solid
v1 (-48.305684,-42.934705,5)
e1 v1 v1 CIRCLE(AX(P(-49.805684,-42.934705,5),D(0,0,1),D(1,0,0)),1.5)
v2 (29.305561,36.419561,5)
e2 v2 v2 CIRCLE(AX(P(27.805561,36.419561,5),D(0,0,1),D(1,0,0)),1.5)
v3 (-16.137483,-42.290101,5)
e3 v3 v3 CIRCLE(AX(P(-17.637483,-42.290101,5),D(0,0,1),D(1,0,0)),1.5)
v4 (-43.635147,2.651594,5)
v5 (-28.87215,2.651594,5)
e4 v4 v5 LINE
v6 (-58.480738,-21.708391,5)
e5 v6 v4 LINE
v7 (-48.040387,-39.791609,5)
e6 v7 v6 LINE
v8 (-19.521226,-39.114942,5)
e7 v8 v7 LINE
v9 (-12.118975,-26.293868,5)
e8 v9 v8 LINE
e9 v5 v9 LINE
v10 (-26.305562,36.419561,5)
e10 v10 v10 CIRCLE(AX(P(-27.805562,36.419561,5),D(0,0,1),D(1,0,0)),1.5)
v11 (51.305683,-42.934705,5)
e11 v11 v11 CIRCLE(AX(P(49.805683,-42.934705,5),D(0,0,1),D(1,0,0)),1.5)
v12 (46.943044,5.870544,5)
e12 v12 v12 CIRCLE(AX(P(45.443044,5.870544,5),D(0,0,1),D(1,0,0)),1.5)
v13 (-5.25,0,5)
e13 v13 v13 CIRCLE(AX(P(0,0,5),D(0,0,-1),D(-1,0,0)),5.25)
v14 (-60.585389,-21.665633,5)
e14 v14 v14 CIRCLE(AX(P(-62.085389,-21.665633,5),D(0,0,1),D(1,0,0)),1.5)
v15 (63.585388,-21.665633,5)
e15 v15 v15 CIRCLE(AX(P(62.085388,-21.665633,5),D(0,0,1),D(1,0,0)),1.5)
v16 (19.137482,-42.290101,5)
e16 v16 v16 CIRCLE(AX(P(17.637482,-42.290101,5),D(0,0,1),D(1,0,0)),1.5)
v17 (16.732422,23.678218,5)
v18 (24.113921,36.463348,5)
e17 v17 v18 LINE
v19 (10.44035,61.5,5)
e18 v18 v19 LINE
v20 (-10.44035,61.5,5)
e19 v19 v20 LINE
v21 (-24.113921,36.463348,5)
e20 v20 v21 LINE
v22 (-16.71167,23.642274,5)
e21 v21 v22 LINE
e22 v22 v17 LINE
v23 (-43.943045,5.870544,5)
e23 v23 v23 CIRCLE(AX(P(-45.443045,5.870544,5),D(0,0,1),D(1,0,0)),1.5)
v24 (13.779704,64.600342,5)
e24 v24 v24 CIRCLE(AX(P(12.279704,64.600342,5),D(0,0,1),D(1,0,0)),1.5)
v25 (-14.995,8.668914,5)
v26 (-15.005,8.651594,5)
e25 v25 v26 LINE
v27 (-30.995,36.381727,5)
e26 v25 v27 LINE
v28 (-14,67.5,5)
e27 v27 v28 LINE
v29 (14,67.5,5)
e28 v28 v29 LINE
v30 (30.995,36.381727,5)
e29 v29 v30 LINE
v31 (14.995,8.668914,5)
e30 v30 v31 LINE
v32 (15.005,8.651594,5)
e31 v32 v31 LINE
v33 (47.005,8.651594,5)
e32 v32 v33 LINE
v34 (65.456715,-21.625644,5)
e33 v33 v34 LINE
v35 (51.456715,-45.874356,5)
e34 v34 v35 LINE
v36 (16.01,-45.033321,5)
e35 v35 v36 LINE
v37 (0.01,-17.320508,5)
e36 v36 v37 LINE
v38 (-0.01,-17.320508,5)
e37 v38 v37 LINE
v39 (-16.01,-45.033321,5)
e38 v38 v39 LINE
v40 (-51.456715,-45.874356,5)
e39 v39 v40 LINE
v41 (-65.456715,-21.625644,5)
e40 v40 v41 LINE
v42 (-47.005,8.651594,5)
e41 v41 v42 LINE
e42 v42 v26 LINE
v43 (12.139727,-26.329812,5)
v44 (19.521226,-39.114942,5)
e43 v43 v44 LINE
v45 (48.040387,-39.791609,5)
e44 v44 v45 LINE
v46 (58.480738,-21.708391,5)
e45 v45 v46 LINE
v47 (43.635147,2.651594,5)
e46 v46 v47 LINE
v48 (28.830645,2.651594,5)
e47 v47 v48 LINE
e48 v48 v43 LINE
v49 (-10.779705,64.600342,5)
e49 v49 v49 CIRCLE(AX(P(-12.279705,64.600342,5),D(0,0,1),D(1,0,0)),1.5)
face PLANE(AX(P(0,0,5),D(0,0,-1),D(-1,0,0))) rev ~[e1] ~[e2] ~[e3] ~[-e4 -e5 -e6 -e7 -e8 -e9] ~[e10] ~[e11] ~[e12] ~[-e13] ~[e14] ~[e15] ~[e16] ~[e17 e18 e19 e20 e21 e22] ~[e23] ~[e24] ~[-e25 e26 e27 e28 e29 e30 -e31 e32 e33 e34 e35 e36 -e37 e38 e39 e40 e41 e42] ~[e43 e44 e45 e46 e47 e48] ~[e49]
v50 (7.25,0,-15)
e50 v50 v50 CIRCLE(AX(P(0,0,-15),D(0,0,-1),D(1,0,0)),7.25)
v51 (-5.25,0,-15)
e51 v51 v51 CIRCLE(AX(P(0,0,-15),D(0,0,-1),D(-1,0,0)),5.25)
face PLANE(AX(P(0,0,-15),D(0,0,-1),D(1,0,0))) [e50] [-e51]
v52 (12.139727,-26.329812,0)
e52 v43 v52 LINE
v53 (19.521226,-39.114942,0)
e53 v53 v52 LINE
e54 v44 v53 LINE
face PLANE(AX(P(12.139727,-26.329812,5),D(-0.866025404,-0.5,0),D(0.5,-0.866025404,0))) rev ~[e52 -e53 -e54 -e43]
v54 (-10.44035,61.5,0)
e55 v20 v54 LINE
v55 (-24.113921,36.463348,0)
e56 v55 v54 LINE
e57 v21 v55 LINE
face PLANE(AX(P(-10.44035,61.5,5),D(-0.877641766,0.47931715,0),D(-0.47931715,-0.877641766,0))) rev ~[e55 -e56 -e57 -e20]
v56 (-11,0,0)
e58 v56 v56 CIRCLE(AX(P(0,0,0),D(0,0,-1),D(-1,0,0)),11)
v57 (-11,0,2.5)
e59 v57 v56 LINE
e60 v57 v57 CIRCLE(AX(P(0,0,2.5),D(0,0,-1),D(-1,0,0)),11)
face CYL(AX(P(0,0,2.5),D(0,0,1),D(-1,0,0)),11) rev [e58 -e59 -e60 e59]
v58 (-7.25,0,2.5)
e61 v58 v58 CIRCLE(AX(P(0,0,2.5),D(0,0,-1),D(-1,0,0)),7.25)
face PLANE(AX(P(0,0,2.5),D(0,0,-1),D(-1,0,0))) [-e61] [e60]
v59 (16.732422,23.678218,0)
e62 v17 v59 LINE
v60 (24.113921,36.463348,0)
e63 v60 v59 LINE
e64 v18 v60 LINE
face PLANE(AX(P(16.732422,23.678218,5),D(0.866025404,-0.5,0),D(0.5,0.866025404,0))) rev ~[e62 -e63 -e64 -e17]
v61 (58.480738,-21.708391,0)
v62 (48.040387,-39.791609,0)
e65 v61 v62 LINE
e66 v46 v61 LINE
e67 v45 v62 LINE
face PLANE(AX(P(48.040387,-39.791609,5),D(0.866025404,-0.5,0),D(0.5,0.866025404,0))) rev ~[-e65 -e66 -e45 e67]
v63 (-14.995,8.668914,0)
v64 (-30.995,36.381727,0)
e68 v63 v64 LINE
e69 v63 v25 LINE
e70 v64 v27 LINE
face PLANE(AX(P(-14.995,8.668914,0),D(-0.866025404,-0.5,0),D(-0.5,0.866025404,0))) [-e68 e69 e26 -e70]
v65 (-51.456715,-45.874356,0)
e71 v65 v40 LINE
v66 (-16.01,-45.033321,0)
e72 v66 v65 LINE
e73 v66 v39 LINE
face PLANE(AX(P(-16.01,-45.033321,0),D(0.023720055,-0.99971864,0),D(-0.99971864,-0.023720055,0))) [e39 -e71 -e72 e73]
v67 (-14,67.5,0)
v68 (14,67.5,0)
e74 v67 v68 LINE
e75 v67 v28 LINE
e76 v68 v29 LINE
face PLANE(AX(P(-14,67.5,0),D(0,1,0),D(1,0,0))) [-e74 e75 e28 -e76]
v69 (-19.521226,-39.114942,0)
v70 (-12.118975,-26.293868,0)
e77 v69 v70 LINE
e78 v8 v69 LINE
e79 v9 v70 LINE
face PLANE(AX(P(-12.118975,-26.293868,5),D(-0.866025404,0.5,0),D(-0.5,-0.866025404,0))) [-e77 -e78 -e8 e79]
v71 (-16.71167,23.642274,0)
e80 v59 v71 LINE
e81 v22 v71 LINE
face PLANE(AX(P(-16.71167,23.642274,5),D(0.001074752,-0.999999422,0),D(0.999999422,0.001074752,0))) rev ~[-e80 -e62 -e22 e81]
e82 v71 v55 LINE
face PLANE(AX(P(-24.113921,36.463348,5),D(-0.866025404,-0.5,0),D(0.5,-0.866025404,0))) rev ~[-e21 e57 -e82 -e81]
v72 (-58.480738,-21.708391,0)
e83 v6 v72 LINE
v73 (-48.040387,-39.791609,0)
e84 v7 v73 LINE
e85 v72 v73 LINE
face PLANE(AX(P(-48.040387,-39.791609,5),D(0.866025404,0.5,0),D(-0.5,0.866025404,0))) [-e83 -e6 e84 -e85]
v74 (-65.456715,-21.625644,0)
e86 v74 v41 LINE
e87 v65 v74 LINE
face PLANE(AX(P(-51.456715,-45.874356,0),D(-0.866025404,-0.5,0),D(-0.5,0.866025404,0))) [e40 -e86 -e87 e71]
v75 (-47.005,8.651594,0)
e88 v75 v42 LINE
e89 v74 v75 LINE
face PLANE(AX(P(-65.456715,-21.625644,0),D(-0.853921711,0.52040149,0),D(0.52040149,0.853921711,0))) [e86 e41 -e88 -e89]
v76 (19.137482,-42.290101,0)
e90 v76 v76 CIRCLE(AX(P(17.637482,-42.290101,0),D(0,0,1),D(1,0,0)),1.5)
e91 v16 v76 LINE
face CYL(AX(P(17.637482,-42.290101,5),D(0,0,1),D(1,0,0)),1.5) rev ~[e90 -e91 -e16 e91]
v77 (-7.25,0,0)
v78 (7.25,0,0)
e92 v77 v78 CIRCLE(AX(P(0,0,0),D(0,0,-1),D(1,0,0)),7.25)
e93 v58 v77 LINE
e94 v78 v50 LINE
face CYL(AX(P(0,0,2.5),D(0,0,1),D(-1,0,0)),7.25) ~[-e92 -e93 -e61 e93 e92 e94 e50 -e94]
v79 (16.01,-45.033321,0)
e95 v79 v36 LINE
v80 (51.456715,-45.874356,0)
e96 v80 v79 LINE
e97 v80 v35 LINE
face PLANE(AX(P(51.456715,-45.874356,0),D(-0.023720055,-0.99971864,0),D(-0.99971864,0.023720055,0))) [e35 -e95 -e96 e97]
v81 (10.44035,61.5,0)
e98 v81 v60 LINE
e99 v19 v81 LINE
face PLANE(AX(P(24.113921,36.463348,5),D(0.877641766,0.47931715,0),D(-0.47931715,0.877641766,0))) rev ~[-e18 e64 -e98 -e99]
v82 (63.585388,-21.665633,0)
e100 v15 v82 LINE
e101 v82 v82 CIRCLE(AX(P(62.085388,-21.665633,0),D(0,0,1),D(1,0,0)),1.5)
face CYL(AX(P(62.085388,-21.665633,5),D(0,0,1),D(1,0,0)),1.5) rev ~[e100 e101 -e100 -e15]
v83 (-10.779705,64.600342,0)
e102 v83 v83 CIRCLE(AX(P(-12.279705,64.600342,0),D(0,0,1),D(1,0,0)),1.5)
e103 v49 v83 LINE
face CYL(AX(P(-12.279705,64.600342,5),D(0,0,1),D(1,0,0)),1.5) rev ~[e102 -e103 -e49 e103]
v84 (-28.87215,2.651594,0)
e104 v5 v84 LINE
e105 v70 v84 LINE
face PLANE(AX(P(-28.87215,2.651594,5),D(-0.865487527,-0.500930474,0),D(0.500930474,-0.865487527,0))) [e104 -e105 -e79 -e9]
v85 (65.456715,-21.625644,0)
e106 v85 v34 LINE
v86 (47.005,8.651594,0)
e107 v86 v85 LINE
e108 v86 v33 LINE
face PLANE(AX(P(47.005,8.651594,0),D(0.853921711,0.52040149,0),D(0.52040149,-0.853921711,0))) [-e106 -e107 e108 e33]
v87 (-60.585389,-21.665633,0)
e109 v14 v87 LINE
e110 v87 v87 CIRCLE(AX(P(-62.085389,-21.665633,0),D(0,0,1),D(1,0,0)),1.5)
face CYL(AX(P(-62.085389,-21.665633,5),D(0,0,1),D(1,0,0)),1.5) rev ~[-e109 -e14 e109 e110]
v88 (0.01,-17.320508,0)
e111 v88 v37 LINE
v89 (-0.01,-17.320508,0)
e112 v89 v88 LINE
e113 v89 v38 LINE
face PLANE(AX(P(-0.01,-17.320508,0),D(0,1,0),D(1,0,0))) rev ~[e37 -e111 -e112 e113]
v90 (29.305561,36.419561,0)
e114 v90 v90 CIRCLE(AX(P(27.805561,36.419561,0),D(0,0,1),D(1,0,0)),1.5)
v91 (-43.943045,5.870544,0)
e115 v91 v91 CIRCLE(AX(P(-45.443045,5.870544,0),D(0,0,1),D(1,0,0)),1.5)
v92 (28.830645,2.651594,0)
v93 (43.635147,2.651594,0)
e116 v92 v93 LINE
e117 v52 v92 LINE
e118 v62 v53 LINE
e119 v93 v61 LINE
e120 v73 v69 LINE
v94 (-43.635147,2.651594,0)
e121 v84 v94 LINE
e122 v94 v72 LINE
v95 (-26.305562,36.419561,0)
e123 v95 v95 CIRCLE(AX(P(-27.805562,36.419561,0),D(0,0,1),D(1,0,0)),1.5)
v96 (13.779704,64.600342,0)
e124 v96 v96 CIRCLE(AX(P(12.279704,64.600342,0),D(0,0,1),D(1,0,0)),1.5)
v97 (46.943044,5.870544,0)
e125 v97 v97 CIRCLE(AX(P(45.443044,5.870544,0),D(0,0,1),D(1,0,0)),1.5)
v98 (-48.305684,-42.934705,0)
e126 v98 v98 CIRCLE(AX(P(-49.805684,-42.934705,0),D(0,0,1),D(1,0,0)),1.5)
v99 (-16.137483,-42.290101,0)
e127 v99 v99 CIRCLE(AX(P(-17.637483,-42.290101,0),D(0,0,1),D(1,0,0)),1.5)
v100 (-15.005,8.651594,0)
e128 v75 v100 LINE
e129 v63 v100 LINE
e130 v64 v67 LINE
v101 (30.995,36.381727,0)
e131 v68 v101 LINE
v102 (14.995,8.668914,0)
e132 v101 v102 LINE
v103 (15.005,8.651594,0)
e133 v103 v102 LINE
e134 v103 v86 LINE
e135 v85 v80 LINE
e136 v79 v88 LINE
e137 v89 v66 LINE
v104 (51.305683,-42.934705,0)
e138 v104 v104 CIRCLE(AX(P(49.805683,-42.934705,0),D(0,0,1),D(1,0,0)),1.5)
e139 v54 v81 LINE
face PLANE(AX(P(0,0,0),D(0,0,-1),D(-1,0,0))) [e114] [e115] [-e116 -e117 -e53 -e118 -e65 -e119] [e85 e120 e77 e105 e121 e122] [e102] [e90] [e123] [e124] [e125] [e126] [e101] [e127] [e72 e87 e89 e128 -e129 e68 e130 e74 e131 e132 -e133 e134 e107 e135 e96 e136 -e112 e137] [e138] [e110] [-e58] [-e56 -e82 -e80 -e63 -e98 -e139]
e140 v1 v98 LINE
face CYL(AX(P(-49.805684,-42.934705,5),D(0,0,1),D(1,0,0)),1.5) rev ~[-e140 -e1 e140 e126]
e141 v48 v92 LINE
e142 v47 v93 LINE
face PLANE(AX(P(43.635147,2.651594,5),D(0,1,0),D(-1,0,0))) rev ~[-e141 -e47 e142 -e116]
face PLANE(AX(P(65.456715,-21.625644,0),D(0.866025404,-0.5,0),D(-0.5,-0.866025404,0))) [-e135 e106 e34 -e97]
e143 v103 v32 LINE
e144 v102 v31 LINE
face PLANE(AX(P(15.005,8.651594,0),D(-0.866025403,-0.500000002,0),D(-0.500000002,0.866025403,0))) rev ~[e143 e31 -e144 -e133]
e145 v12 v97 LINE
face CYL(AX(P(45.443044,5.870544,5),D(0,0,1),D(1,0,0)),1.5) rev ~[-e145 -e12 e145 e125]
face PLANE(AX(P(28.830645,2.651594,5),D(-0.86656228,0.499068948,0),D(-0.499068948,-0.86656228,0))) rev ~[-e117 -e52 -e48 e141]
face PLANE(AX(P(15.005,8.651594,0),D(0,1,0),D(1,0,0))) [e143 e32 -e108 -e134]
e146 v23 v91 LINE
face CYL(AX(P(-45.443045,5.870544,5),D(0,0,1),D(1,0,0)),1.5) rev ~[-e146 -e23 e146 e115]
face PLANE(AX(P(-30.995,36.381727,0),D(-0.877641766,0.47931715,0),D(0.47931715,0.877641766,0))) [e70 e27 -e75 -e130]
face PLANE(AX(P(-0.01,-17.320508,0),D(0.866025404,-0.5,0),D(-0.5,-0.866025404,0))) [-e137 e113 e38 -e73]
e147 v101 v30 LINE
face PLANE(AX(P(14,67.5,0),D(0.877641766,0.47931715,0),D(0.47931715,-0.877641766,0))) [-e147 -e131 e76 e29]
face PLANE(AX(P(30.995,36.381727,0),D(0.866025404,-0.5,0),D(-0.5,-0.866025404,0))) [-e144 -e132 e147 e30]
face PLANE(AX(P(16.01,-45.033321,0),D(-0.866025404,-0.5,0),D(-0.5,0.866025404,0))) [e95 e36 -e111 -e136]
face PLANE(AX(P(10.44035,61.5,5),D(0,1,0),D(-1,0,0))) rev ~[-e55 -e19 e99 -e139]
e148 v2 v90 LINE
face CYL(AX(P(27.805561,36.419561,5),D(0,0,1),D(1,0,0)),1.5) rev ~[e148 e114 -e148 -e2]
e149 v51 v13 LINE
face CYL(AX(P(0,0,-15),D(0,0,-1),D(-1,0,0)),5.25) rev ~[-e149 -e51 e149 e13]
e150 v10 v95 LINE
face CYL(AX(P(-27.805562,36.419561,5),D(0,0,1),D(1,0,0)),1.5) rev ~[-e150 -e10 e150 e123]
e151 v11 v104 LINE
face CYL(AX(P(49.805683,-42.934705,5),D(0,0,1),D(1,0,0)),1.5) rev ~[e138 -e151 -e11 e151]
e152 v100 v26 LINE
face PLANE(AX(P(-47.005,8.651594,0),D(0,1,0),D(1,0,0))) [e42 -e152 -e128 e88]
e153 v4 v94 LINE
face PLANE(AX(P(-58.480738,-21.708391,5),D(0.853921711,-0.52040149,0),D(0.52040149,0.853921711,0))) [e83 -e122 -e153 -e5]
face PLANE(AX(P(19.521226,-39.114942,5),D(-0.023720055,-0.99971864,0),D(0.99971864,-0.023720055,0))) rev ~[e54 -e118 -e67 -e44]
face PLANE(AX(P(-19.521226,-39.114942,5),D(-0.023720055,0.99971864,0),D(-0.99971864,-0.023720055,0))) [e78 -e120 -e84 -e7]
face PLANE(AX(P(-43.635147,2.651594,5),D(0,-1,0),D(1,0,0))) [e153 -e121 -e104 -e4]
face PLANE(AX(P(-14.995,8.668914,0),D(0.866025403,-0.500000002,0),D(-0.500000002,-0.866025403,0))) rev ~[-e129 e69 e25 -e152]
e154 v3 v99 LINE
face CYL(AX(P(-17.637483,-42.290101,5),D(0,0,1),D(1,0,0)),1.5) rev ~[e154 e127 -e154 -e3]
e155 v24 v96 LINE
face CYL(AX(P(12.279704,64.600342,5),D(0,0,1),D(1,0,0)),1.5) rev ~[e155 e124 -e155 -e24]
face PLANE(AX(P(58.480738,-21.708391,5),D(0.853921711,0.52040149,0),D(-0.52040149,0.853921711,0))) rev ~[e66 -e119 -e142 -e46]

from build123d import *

# Parameters (mm, degrees)
BOSS_EXTRUDE1_DEPTH = 5
CUT_EXTRUDE1_DEPTH  = 95.158544522
SKETCH6_R           = 7.25
BOSS_EXTRUDE3_DEPTH = 15
SKETCH3_R           = 5.25
CUT_EXTRUDE2_DEPTH  = 20
SKETCH5_R           = 1.5
CUT_EXTRUDE3_DEPTH  = 5
CUT_EXTRUDE4_START  = -2.5
SKETCH8_R           = 11
SKETCH8_R_2         = 7.25
CUT_EXTRUDE4_DEPTH  = 2.5


with BuildPart() as part:
    # Sketch1 → Boss-Extrude1 (new body)
    with BuildSketch(Plane.XY):
        Polygon((-30.995, 36.381727213), (-14, 67.5), (14, 67.5), (30.995, 36.381727213), (14.995, 8.668914292), (15, 8.660254038), (15.005, 8.651593784), (47.005, 8.651593784), (65.456714755, -21.625644347), (51.456714755, -45.874355653), (16.01, -45.033320997), (0.01, -17.320508076), (0, -17.320508076), (-0.01, -17.320508076), (-16.01, -45.033320997), (-51.456714755, -45.874355653), (-65.456714755, -21.625644347), (-47.005, 8.651593784), (-15.005, 8.651593784), (-15, 8.660254038), (-14.995, 8.668914292), align=None)
    extrude(amount=BOSS_EXTRUDE1_DEPTH)

    # Sketch2 → Cut-Extrude1 (cut, through all)
    with BuildSketch(Plane.XY.offset(5)):
        Polygon((-28.872149716, 2.651593784), (-12.118974925, -26.293867874), (-19.521225678, -39.114942267), (-48.040387098, -39.791608731), (-58.480737567, -21.708391269), (-43.63514651, 2.651593784), align=None)
        Polygon((-24.113920832, 36.463348484), (-16.71167008, 23.64227409), (16.732422435, 23.678218224), (24.113920832, 36.463348484), (10.440350469, 61.5), (-10.440350469, 61.5), align=None)
        Polygon((43.63514651, 2.651593784), (28.830645005, 2.651593784), (12.139727281, -26.329812008), (19.521225678, -39.114942267), (48.040387098, -39.791608731), (58.480737567, -21.708391269), align=None)
    extrude(amount=-CUT_EXTRUDE1_DEPTH, mode=Mode.SUBTRACT)

    # Sketch6 → Boss-Extrude3 (add)
    with BuildSketch(Plane(origin=(0, 0, 0), x_dir=(-1, 0, 0), z_dir=(0, 0, -1))):
        with Locations(Location((0, 0, 0), (0, 0, 180))):
            Circle(SKETCH6_R)
    extrude(amount=BOSS_EXTRUDE3_DEPTH)

    # Sketch3 → Cut-Extrude2 (cut)
    with BuildSketch(Plane(origin=(0, 0, -15), x_dir=(-1, 0, 0), z_dir=(0, 0, -1))):
        Circle(SKETCH3_R)
    extrude(amount=-CUT_EXTRUDE2_DEPTH, mode=Mode.SUBTRACT)

    # Sketch5 → Cut-Extrude3 (cut)
    with BuildSketch(Plane.XY.offset(5)):
        with Locations((-45.443044798, 5.870544436)):
            Circle(SKETCH5_R)
        with Locations((-62.08538883, -21.665632507)):
            Circle(SKETCH5_R)
        with Locations((-49.805684066, -42.93470506)):
            Circle(SKETCH5_R)
        with Locations((-17.637483295, -42.290100822)):
            Circle(SKETCH5_R)
        with Locations((27.80556106, 36.419560852)):
            Circle(SKETCH5_R)
        with Locations((12.279704321, 64.600342034)):
            Circle(SKETCH5_R)
        with Locations((-12.279705207, 64.600342034)):
            Circle(SKETCH5_R)
        with Locations((-27.805561947, 36.419560852)):
            Circle(SKETCH5_R)
        with Locations((17.637482409, -42.290100822)):
            Circle(SKETCH5_R)
        with Locations((49.80568318, -42.93470506)):
            Circle(SKETCH5_R)
        with Locations((62.085387944, -21.665632507)):
            Circle(SKETCH5_R)
        with Locations((45.443043912, 5.870544436)):
            Circle(SKETCH5_R)
    extrude(amount=-CUT_EXTRUDE3_DEPTH, mode=Mode.SUBTRACT)

    # Sketch8 → Cut-Extrude4 (cut)
    with BuildSketch(Plane(origin=(0, 0, 0), x_dir=(-1, 0, 0), z_dir=(0, 0, -1)).offset(CUT_EXTRUDE4_START)):
        Circle(SKETCH8_R)
        Circle(SKETCH8_R_2, mode=Mode.SUBTRACT)
    extrude(amount=CUT_EXTRUDE4_DEPTH, mode=Mode.SUBTRACT)


solid = part.part
